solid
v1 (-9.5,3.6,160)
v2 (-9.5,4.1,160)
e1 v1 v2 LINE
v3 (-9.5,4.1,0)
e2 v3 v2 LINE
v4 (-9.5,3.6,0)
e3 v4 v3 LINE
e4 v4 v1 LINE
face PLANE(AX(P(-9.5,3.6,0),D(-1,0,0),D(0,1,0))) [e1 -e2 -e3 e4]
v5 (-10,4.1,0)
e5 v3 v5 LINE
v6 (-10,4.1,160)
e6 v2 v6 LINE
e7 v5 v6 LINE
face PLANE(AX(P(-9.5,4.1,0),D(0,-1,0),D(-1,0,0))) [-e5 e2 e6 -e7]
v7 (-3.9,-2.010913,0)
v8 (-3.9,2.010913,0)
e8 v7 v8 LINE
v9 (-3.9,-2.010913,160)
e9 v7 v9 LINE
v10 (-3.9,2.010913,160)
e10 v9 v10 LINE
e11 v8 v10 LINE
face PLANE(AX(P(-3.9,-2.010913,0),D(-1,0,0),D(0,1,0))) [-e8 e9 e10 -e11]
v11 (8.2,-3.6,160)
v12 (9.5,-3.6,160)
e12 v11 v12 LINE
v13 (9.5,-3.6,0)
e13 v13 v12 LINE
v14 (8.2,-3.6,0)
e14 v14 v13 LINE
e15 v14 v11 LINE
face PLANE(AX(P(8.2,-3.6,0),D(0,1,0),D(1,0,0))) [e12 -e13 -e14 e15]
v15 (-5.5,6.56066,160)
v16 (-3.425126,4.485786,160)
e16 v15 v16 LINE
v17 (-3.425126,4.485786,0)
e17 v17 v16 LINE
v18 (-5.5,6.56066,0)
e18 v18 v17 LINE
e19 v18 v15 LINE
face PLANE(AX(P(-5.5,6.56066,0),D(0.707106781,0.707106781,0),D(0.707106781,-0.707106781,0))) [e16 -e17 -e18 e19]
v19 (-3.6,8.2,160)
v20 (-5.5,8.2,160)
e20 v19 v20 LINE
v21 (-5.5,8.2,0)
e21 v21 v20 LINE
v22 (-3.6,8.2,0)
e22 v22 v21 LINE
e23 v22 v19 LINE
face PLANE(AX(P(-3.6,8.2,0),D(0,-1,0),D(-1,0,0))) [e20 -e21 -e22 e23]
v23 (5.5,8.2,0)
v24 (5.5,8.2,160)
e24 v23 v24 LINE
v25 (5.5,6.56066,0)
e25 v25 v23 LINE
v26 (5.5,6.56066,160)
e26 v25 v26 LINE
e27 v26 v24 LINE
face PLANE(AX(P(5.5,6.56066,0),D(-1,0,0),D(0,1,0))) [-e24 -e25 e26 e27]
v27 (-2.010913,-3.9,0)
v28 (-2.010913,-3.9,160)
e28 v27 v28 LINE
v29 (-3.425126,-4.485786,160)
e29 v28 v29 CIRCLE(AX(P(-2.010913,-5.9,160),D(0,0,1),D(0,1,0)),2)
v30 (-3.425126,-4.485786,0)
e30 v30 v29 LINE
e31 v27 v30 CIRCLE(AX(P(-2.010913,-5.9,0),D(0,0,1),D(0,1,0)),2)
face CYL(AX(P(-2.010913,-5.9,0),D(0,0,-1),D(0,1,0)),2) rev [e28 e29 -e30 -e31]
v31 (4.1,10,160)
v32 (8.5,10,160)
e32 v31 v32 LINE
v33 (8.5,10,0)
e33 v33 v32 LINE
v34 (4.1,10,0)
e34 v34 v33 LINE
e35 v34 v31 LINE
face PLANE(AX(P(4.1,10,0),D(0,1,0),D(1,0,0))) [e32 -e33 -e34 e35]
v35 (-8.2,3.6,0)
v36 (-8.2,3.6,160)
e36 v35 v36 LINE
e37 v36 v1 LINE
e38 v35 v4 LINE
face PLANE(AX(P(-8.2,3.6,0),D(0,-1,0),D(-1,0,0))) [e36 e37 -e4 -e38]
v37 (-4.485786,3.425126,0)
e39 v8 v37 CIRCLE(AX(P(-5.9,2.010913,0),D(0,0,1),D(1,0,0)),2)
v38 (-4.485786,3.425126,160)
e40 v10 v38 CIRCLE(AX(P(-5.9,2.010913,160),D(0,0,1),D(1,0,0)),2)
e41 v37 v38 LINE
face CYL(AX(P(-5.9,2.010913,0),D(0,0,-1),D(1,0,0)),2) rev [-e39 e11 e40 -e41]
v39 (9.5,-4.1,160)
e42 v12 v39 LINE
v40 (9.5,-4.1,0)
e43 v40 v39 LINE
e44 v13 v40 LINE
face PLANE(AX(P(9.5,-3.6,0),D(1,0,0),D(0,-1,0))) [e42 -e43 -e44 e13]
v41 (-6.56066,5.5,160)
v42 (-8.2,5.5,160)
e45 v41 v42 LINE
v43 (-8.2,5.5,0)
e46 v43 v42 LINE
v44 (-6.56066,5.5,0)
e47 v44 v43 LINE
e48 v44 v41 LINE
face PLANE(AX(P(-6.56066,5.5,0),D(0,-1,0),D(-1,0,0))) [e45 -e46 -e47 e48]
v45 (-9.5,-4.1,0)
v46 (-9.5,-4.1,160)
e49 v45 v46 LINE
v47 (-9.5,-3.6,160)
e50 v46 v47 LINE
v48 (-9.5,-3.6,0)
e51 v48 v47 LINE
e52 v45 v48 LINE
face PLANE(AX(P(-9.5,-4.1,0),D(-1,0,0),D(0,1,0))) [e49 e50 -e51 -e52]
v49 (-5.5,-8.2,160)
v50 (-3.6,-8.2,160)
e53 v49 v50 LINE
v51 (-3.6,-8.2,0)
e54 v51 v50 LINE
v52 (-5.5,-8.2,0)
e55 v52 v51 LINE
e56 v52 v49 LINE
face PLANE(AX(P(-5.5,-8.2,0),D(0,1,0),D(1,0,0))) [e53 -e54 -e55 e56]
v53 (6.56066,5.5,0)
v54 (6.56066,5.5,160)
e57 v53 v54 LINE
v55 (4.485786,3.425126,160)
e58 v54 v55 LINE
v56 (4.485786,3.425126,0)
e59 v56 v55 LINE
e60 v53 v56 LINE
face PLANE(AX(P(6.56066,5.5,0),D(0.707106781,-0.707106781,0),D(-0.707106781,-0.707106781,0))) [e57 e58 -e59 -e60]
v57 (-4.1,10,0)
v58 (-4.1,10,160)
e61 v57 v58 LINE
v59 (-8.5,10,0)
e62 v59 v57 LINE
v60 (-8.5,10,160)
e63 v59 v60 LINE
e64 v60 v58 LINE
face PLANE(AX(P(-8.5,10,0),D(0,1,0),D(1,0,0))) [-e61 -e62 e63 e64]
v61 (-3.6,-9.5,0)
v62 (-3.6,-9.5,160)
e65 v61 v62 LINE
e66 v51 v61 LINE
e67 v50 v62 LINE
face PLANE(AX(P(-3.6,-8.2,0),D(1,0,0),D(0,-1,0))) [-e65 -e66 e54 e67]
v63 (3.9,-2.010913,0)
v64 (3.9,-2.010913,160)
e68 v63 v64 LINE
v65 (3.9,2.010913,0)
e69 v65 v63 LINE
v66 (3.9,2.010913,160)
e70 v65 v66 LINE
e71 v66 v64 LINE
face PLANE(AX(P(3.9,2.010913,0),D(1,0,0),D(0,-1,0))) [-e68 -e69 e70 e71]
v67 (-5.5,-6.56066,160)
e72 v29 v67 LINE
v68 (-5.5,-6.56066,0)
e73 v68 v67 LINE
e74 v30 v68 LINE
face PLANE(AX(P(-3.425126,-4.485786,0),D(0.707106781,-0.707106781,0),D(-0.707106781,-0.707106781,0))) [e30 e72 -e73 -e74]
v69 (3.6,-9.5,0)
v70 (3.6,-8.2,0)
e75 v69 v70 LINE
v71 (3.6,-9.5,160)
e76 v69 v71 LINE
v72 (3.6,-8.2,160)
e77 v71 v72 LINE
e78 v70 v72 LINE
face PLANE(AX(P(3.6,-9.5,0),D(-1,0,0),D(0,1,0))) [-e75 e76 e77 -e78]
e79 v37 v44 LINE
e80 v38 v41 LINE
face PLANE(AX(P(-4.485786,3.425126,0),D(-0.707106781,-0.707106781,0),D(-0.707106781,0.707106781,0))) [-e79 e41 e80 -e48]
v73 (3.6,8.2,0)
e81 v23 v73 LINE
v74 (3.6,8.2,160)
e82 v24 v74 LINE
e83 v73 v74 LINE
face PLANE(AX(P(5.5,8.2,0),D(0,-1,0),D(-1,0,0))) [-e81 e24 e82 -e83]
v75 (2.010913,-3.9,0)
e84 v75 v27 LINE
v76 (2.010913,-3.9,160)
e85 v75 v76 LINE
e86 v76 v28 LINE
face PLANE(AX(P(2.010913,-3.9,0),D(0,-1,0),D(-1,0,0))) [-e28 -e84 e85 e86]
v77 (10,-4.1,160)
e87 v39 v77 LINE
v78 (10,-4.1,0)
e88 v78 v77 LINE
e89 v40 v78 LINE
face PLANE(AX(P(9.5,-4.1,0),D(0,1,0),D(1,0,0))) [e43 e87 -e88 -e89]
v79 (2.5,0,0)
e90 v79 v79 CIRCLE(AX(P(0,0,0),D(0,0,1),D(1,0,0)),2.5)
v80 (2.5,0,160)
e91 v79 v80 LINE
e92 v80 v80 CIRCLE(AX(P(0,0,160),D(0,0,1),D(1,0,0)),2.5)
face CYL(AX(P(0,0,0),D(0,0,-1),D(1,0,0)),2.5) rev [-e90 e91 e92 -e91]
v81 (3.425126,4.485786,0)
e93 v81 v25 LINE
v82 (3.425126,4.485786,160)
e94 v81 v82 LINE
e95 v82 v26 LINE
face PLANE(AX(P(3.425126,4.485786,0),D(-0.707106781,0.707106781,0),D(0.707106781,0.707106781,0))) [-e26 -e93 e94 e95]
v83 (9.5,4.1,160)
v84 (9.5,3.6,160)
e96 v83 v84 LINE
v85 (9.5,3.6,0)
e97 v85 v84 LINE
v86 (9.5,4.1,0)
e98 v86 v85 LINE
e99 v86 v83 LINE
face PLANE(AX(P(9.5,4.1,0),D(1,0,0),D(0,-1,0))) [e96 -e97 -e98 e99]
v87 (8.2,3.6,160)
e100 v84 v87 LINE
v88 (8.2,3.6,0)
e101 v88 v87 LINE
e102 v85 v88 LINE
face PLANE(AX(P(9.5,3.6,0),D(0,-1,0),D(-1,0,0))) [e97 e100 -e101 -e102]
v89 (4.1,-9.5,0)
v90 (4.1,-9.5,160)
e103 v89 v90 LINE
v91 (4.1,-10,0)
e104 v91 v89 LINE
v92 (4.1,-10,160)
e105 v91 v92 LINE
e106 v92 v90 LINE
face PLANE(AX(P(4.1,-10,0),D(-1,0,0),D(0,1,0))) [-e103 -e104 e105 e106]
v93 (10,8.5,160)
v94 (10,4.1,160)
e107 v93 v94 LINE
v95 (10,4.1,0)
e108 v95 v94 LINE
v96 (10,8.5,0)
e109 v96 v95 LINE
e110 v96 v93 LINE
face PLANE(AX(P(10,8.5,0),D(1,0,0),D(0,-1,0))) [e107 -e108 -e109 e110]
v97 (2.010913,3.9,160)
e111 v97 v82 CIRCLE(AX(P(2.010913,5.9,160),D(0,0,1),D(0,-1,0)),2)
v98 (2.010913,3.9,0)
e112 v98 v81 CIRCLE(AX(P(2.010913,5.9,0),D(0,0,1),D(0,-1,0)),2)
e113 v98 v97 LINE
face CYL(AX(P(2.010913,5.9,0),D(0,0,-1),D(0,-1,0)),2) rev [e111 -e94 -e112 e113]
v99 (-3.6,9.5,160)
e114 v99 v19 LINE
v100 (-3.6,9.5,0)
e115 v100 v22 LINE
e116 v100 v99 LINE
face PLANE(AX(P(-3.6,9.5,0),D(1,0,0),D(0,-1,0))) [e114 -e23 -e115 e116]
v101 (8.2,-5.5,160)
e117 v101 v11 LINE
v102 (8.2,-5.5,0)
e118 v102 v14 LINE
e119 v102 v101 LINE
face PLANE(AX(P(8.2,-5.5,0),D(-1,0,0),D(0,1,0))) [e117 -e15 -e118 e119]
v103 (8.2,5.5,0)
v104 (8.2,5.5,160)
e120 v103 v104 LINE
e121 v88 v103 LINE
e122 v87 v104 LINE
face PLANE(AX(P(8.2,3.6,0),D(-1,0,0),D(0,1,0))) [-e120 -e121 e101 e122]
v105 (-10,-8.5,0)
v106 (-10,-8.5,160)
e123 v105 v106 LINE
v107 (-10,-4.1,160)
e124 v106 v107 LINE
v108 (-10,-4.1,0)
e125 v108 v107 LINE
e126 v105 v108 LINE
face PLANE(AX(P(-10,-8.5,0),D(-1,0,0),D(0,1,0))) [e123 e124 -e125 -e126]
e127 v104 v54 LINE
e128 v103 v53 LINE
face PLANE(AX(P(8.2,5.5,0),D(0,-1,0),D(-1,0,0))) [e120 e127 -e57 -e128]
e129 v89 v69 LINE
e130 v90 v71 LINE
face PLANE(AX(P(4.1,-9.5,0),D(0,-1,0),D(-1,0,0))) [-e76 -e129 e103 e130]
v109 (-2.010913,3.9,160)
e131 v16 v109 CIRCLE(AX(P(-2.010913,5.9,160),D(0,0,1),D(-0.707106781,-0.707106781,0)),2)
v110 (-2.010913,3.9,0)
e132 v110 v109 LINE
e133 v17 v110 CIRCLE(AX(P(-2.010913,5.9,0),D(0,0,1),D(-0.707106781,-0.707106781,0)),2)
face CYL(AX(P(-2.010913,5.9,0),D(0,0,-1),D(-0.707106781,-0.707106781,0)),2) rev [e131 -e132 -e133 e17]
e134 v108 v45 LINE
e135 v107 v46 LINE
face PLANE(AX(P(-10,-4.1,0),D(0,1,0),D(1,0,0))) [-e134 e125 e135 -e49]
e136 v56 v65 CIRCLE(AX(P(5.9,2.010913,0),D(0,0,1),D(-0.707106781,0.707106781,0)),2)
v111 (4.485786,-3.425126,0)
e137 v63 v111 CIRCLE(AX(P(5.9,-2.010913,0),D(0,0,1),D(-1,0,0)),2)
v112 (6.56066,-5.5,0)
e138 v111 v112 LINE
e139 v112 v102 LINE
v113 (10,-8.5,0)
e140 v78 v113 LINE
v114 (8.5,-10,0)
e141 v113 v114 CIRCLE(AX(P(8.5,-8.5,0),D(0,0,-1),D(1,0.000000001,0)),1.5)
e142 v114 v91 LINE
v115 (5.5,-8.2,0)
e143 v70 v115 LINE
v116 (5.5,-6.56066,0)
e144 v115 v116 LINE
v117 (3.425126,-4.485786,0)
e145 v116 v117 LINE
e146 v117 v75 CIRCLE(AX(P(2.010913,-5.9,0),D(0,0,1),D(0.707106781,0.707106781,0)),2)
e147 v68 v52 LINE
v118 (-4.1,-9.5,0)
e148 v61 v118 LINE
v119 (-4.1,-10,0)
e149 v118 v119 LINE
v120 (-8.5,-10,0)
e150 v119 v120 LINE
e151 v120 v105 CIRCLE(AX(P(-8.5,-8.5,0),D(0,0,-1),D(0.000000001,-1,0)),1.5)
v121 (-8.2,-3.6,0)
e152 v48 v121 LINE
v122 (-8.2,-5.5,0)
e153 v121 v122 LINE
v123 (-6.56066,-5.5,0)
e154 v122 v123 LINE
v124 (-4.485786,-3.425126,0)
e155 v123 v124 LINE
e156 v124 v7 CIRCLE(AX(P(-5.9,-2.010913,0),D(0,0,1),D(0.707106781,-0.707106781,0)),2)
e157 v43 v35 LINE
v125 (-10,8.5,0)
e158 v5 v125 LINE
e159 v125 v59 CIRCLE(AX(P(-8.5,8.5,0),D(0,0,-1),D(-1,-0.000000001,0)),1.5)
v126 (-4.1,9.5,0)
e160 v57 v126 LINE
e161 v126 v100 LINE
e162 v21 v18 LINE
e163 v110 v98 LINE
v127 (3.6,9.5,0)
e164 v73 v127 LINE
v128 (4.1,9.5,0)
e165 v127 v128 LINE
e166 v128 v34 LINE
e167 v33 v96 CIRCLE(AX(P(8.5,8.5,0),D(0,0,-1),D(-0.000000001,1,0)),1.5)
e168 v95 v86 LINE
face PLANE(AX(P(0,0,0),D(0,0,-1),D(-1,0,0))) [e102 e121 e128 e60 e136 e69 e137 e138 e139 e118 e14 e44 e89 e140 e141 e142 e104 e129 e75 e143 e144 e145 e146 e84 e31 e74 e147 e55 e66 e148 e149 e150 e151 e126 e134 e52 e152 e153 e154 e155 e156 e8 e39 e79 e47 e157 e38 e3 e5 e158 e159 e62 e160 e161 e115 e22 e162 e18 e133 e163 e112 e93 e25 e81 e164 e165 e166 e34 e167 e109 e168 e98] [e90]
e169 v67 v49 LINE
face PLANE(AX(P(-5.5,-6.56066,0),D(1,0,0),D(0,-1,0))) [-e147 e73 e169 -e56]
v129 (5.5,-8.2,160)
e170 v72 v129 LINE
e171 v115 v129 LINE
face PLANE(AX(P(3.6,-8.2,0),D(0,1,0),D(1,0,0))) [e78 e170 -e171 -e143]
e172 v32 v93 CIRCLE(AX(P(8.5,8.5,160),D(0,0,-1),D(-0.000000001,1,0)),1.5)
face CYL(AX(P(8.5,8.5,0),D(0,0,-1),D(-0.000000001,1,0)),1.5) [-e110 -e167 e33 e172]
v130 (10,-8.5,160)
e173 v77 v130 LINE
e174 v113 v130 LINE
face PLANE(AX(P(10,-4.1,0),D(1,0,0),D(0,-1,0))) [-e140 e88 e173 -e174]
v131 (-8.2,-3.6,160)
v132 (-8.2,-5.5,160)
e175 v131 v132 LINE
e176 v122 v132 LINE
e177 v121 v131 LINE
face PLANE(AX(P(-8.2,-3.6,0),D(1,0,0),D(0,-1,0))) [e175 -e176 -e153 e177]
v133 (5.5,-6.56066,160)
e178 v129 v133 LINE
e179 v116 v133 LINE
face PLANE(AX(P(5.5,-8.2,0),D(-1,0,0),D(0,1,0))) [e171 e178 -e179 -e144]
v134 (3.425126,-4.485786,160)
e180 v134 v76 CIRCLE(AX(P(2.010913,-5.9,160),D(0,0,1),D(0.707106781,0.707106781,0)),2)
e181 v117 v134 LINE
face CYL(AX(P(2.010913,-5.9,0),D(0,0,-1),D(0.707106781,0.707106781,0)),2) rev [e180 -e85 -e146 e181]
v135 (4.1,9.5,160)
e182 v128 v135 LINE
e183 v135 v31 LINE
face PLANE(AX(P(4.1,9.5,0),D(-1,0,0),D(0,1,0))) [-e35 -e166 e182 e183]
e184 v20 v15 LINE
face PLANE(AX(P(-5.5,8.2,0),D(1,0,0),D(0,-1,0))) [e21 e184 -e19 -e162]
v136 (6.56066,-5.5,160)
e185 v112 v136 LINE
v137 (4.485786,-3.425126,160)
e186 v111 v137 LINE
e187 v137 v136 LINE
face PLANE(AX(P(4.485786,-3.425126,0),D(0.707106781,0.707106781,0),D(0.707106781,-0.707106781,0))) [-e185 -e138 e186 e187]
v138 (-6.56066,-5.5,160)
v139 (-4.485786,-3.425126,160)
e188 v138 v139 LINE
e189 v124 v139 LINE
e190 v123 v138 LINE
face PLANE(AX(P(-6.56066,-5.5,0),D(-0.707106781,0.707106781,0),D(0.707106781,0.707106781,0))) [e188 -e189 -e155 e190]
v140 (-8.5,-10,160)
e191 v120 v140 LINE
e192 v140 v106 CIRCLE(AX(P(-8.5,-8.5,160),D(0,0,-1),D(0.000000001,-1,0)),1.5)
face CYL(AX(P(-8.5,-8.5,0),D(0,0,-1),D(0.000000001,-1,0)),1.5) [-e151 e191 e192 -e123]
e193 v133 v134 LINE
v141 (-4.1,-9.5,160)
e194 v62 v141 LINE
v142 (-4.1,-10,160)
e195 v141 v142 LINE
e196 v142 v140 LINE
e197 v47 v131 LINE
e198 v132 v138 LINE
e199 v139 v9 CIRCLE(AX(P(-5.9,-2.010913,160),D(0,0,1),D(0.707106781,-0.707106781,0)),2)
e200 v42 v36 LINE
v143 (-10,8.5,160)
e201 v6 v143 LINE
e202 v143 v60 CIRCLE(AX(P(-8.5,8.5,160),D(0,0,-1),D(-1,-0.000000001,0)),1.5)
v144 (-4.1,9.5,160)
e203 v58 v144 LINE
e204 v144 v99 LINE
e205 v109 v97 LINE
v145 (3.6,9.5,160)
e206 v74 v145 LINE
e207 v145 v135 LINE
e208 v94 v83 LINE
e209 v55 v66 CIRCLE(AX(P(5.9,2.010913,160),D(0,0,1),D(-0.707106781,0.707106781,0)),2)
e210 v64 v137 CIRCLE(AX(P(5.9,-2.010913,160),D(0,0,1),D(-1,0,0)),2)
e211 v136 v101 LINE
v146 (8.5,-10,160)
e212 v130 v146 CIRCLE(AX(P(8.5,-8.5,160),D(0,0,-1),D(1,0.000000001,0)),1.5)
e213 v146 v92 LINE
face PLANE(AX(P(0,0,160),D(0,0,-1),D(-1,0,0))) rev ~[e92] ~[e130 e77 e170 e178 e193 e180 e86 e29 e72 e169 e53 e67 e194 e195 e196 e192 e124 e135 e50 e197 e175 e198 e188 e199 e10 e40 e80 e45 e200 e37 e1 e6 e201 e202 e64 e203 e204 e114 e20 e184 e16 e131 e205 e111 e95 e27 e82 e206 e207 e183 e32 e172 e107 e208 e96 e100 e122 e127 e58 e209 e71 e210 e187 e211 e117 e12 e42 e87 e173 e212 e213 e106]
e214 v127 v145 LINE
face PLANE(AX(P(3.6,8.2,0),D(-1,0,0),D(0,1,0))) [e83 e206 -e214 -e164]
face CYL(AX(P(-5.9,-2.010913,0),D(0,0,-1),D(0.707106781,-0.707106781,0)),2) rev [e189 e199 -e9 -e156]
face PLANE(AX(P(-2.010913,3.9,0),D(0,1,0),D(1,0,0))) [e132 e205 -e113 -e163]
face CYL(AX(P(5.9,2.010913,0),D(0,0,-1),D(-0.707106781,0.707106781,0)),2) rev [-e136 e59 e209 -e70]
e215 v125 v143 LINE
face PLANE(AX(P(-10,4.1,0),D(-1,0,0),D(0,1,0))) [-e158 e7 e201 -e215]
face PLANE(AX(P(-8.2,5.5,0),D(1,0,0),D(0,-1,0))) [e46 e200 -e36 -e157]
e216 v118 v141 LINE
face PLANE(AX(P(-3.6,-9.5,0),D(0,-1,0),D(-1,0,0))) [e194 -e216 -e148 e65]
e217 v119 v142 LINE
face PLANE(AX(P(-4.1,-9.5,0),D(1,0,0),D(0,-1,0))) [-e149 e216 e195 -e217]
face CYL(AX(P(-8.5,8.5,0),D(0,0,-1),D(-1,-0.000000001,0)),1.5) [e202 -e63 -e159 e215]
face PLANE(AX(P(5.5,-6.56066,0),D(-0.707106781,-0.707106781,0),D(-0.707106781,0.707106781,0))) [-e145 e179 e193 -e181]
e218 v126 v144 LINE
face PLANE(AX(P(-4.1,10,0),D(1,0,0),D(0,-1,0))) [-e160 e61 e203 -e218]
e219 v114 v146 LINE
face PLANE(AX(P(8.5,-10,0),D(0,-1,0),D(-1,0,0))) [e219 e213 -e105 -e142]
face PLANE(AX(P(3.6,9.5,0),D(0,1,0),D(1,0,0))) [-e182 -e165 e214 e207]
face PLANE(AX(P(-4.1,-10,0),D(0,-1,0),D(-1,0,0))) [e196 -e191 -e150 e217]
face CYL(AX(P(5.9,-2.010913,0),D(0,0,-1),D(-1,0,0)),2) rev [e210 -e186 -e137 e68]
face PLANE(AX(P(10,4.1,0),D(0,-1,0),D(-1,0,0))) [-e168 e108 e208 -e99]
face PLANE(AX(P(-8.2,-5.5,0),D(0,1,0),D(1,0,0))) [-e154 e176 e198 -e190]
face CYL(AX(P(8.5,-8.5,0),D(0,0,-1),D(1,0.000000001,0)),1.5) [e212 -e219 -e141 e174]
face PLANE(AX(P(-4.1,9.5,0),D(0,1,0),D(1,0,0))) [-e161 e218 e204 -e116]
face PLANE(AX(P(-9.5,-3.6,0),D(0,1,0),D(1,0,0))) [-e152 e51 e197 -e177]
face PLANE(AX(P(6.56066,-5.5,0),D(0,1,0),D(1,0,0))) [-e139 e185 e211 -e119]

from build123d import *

# Parameters (mm, degrees)
SKETCH1_R           = 2.5
BOSS_EXTRUDE2_DEPTH = 160


with BuildPart() as part:
    # Sketch1 → Boss-Extrude2 (new body)
    with BuildSketch(Plane.XY):
        with BuildLine():
            Line((10, -4.1), (10, -8.5))
            ThreePointArc((10, -8.5), (9.560660172, -9.560660172), (8.5, -10))
            Line((8.5, -10), (4.1, -10))
            Line((4.1, -10), (4.1, -9.5))
            Line((4.1, -9.5), (3.6, -9.5))
            Line((3.6, -9.5), (3.6, -8.2))
            Line((3.6, -8.2), (5.5, -8.2))
            Line((5.5, -8.2), (5.5, -6.560660172))
            Line((5.5, -6.560660172), (3.425126266, -4.485786438))
            ThreePointArc((3.425126266, -4.485786438), (2.776279568, -4.052240935), (2.010912703, -3.9))
            Line((2.010912703, -3.9), (-2.010912703, -3.9))
            ThreePointArc((-2.010912703, -3.9), (-2.776279568, -4.052240935), (-3.425126266, -4.485786438))
            Line((-3.425126266, -4.485786438), (-5.5, -6.560660172))
            Line((-5.5, -6.560660172), (-5.5, -8.2))
            Line((-5.5, -8.2), (-3.6, -8.2))
            Line((-3.6, -8.2), (-3.6, -9.5))
            Line((-3.6, -9.5), (-4.1, -9.5))
            Line((-4.1, -9.5), (-4.1, -10))
            Line((-4.1, -10), (-8.5, -10))
            ThreePointArc((-8.5, -10), (-9.560660172, -9.560660172), (-10, -8.5))
            Line((-10, -8.5), (-10, -4.1))
            Line((-10, -4.1), (-9.5, -4.1))
            Line((-9.5, -4.1), (-9.5, -3.6))
            Line((-9.5, -3.6), (-8.2, -3.6))
            Line((-8.2, -3.6), (-8.2, -5.5))
            Line((-8.2, -5.5), (-6.560660172, -5.5))
            Line((-6.560660172, -5.5), (-4.485786438, -3.425126266))
            ThreePointArc((-4.485786438, -3.425126266), (-4.052240935, -2.776279568), (-3.9, -2.010912703))
            Line((-3.9, -2.010912703), (-3.9, 2.010912703))
            ThreePointArc((-3.9, 2.010912703), (-4.052240935, 2.776279568), (-4.485786438, 3.425126266))
            Line((-4.485786438, 3.425126266), (-6.560660172, 5.5))
            Line((-6.560660172, 5.5), (-8.2, 5.5))
            Line((-8.2, 5.5), (-8.2, 3.6))
            Line((-8.2, 3.6), (-9.5, 3.6))
            Line((-9.5, 3.6), (-9.5, 4.1))
            Line((-9.5, 4.1), (-10, 4.1))
            Line((-10, 4.1), (-10, 8.5))
            ThreePointArc((-10, 8.5), (-9.560660172, 9.560660172), (-8.5, 10))
            Line((-8.5, 10), (-4.1, 10))
            Line((-4.1, 10), (-4.1, 9.5))
            Line((-4.1, 9.5), (-3.6, 9.5))
            Line((-3.6, 9.5), (-3.6, 8.2))
            Line((-3.6, 8.2), (-5.5, 8.2))
            Line((-5.5, 8.2), (-5.5, 6.560660172))
            Line((-5.5, 6.560660172), (-3.425126266, 4.485786438))
            ThreePointArc((-3.425126266, 4.485786438), (-2.776279568, 4.052240935), (-2.010912703, 3.9))
            Line((-2.010912703, 3.9), (2.010912703, 3.9))
            ThreePointArc((2.010912703, 3.9), (2.776279568, 4.052240935), (3.425126266, 4.485786438))
            Line((3.425126266, 4.485786438), (5.5, 6.560660172))
            Line((5.5, 6.560660172), (5.5, 8.2))
            Line((5.5, 8.2), (3.6, 8.2))
            Line((3.6, 8.2), (3.6, 9.5))
            Line((3.6, 9.5), (4.1, 9.5))
            Line((4.1, 9.5), (4.1, 10))
            Line((4.1, 10), (8.5, 10))
            ThreePointArc((8.5, 10), (9.560660172, 9.560660172), (10, 8.5))
            Line((10, 8.5), (10, 4.1))
            Line((10, 4.1), (9.5, 4.1))
            Line((9.5, 4.1), (9.5, 3.6))
            Line((9.5, 3.6), (8.2, 3.6))
            Line((8.2, 3.6), (8.2, 5.5))
            Line((8.2, 5.5), (6.560660172, 5.5))
            Line((6.560660172, 5.5), (4.485786438, 3.425126266))
            ThreePointArc((4.485786438, 3.425126266), (4.052240935, 2.776279568), (3.9, 2.010912703))
            Line((3.9, 2.010912703), (3.9, -2.010912703))
            ThreePointArc((3.9, -2.010912703), (4.052240935, -2.776279568), (4.485786438, -3.425126266))
            Line((4.485786438, -3.425126266), (6.560660172, -5.5))
            Line((6.560660172, -5.5), (8.2, -5.5))
            Line((8.2, -5.5), (8.2, -3.6))
            Line((8.2, -3.6), (9.5, -3.6))
            Line((9.5, -3.6), (9.5, -4.1))
            Line((9.5, -4.1), (10, -4.1))
        make_face()
        Circle(SKETCH1_R, mode=Mode.SUBTRACT)
    extrude(amount=BOSS_EXTRUDE2_DEPTH)


solid = part.part
